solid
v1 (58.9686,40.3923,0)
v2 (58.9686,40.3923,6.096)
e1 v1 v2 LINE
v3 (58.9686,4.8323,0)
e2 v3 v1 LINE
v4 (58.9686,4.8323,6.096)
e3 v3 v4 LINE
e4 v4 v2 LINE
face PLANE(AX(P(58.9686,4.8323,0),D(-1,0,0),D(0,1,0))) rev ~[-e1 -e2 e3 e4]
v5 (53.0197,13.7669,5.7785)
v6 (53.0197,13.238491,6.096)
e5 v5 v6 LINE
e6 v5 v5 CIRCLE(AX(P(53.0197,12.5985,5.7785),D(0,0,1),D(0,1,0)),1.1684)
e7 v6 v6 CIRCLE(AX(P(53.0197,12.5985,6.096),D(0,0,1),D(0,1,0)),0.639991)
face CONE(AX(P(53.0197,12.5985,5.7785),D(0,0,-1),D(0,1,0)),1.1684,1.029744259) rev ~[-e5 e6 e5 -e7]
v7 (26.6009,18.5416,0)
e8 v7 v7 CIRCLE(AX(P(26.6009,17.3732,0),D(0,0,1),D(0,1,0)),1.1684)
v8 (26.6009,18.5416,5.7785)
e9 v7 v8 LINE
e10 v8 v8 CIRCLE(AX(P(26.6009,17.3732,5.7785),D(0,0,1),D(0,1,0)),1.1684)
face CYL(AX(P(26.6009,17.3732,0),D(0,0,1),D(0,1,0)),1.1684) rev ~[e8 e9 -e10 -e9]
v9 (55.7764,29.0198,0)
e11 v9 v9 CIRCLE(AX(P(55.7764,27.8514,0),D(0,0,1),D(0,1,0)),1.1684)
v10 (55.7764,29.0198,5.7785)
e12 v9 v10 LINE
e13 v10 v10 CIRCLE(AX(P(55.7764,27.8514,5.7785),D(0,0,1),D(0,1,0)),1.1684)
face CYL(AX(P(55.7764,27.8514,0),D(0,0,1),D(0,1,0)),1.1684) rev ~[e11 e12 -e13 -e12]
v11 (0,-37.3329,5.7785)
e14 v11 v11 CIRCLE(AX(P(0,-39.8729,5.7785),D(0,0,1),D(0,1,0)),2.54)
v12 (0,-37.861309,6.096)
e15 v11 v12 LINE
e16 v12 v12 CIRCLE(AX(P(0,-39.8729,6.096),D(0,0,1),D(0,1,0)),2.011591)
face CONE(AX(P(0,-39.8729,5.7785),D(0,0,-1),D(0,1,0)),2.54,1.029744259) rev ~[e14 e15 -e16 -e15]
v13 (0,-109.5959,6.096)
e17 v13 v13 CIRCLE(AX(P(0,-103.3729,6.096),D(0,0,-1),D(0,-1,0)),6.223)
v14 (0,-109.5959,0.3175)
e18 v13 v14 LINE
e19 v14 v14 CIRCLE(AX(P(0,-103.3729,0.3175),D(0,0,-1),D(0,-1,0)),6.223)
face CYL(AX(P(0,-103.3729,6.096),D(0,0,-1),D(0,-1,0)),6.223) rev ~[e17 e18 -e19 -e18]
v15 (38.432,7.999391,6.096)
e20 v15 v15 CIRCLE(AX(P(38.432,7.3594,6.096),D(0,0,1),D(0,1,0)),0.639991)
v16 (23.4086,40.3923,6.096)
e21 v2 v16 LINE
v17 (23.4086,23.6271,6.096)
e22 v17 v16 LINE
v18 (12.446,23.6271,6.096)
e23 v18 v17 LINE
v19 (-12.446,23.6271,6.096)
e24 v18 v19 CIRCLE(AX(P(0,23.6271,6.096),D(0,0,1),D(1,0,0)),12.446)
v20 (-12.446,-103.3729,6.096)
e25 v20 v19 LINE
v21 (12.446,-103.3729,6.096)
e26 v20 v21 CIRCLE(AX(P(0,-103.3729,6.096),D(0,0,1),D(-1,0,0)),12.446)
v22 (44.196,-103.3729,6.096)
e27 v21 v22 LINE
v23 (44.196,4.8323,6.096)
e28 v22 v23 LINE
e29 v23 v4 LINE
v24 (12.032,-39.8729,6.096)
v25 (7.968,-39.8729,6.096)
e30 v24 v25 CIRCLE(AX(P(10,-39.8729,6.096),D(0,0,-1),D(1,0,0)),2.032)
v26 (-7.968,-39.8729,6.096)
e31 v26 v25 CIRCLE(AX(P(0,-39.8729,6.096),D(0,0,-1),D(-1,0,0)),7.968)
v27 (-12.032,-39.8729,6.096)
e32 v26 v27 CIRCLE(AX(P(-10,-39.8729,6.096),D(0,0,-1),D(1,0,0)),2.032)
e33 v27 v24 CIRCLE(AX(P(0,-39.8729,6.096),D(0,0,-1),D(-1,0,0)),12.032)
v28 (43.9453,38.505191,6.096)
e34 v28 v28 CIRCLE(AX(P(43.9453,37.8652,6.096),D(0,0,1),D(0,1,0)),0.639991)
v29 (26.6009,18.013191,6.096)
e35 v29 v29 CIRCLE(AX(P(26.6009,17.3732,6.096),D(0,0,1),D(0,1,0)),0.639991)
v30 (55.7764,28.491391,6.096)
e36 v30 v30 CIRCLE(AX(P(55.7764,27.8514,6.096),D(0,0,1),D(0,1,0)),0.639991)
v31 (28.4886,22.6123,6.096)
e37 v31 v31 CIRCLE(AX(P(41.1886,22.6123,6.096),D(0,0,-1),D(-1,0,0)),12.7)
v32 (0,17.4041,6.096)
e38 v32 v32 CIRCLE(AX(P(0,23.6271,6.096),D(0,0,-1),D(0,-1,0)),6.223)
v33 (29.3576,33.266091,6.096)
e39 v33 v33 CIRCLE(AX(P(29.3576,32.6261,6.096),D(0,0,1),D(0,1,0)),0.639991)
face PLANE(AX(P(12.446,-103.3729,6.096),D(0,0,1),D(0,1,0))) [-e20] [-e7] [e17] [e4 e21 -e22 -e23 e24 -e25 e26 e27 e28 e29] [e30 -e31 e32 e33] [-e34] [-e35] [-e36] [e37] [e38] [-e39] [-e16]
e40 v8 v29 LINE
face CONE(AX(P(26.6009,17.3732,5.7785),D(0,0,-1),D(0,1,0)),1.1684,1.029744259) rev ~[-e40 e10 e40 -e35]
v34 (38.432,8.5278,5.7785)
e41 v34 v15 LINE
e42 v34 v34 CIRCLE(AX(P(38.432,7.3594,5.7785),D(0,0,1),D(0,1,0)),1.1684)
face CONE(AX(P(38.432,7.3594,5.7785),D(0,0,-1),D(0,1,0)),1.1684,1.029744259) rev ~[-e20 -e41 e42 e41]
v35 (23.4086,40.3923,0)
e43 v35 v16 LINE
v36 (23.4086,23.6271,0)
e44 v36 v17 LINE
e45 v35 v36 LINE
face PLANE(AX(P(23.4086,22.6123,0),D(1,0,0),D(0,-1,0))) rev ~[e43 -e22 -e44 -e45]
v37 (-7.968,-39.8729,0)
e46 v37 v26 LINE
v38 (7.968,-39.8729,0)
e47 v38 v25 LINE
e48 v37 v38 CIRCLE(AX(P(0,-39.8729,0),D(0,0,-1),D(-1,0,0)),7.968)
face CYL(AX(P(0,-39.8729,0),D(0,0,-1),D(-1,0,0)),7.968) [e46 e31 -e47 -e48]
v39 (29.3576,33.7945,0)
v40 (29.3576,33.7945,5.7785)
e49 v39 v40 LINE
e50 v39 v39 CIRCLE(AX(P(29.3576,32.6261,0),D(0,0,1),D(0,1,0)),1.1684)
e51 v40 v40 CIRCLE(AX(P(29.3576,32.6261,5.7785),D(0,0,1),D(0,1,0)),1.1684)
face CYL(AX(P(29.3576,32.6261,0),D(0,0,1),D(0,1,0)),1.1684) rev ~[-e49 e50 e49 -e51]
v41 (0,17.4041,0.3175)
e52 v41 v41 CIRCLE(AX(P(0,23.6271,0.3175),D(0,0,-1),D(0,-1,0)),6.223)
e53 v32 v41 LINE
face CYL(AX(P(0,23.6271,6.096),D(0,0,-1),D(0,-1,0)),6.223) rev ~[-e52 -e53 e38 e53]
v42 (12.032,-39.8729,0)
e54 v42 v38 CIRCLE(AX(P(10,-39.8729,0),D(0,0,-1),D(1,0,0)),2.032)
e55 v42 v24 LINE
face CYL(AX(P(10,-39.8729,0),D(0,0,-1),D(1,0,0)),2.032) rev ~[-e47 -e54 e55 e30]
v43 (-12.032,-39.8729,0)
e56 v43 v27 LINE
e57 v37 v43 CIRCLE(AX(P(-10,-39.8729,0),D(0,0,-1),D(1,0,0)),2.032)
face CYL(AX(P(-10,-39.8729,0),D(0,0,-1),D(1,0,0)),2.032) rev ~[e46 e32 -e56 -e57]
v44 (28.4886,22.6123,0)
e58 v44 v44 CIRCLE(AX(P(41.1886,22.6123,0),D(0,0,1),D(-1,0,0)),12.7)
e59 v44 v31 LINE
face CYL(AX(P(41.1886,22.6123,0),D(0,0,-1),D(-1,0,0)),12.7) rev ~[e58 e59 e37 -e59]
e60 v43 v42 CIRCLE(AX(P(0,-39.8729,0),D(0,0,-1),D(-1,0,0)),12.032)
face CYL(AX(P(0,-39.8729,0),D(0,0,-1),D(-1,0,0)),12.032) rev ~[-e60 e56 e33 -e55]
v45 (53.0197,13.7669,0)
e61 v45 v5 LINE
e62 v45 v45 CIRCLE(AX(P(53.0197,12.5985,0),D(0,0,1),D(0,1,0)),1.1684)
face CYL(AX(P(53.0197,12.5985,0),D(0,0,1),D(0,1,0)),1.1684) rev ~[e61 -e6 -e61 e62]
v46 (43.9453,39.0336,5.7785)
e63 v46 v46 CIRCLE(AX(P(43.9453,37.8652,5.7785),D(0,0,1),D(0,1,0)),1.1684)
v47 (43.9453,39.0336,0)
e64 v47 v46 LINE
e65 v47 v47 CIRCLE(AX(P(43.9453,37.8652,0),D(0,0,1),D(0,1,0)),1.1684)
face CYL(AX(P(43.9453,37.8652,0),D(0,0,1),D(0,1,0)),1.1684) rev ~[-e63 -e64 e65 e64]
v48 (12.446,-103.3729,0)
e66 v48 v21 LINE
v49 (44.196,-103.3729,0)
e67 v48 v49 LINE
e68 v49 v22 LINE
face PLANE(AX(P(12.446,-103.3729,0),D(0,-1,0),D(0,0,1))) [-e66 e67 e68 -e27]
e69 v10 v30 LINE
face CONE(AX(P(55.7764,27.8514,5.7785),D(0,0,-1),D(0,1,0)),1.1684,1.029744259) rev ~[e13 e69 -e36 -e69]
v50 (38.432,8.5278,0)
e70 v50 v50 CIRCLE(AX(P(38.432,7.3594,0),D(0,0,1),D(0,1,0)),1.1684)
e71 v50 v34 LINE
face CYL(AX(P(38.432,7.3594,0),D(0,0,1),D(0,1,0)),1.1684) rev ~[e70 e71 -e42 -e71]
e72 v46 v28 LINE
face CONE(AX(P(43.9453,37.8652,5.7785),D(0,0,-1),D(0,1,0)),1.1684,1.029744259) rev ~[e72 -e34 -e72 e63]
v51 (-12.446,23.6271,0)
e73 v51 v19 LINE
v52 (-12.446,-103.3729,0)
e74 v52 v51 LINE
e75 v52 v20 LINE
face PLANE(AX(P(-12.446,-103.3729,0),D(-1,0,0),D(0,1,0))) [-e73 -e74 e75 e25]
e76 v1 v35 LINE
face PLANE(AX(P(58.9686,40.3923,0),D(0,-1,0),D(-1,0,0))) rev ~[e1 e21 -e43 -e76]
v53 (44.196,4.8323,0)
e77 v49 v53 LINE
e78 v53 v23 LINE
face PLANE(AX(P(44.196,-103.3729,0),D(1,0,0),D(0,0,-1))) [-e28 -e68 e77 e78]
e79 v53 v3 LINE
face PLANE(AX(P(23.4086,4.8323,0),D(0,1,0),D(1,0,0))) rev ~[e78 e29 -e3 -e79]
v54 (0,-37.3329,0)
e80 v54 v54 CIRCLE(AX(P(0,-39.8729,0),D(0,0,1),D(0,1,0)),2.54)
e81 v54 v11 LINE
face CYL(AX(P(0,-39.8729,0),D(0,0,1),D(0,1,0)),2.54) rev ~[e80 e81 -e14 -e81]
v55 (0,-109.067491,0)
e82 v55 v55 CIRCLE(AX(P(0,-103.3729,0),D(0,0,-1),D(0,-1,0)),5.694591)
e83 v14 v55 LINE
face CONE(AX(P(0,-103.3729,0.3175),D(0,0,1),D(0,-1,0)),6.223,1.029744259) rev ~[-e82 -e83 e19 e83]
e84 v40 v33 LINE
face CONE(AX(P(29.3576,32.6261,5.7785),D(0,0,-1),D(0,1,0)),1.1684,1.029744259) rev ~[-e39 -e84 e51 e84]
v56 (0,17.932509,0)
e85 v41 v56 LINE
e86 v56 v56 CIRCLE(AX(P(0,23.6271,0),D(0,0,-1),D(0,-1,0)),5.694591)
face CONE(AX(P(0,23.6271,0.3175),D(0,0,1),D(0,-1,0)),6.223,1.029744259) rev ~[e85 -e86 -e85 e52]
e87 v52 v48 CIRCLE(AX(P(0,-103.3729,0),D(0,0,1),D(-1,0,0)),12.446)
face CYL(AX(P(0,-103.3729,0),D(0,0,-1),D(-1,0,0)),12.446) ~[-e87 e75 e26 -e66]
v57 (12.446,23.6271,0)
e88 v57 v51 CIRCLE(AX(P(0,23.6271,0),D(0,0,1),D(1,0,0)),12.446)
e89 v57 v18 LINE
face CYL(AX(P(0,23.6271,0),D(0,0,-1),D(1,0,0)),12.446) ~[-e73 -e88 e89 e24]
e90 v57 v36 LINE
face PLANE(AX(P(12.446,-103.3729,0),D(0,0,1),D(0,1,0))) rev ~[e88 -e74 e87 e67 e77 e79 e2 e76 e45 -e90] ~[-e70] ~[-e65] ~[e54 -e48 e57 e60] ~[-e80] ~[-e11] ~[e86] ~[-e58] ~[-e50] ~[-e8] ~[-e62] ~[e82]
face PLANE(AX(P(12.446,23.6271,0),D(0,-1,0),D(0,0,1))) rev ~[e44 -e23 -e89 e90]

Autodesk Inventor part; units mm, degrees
ref_plane "YZ Plane" through (0, 0, 0) normal (1, 0, 0) x (0, 1, 0)
ref_plane "XZ Plane" through (0, 0, 0) normal (0, 1, 0) x (-1, 0, 0)
ref_plane "XY Plane" through (0, 0, 0) normal (0, 0, 1) x (1, 0, 0)
sketch "Sketch1" plane through (0, 0, 0) normal (0, 0, 1) x (1, 0, 0)
  line L0 (0, -103.3729) -> (0, 23.6271) construction
  line L1 (-12.446, -103.3729) -> (-12.446, 23.6271)
  line L2 (12.446, 23.6271) -> (12.446, -103.3729)
  arc A0 (-12.446, -103.3729) -> (12.446, -103.3729) centre (0, -103.3729) ccw
  arc A1 (12.446, 23.6271) -> (-12.446, 23.6271) centre (0, 23.6271) ccw
  point P0 (0, 0)
  point P1 (0, -39.8729)
  dimension "d0" = 63.5
  dimension "d1" = 24.892
extrude "Extrusion1" add sketch "Sketch1" along normal blind 6.096
sketch "Sketch2" plane through (0, 0, 6.096) normal (0, 0, 1) x (1, 0, 0)
  line L0 (-12.446, 23.6271) -> (-12.446, -103.3729) projected
  arc A0 (-12.446, -103.3729) -> (12.446, -103.3729) centre (0, -103.3729) ccw projected
  line L1 (12.446, -103.3729) -> (12.446, 23.6271) projected
  arc A1 (12.446, 23.6271) -> (-12.446, 23.6271) centre (0, 23.6271) ccw projected
  point P0 (0, 0)
  point P1 (0, -39.8729)
hole "Hole1" at (0, 23.6271, 6.096) at (0, -103.3729, 6.096) direction (0, 0, -1) diameter 12.446 depth 5.7785 tip angle 118
hole "Hole2" at (0, -39.8729, 0) direction (0, 0, 1) diameter 5.08 depth 5.7785 tip angle 118
sketch "Sketch3" plane through (0, 0, 0) normal (0, 0, -1) x (-1, 0, 0)
  circle A0 centre (0, -39.8729) radius 2.0116 projected
  arc A1 (10, -39.8729) -> (-10, -39.8729) centre (0, -39.8729) ccw construction
  arc A2 (12.032, -39.8729) -> (-12.032, -39.8729) centre (0, -39.8729) ccw
  arc A3 (7.968, -39.8729) -> (-7.968, -39.8729) centre (0, -39.8729) ccw
  arc A4 (7.968, -39.8729) -> (12.032, -39.8729) centre (10, -39.8729) ccw
  arc A5 (-12.032, -39.8729) -> (-7.968, -39.8729) centre (-10, -39.8729) ccw
  point P0 (0, 0)
  dimension "d18" = 2.032
  dimension "d19" = 10
extrude "Extrusion2" cut sketch "Sketch3" against normal through all contours A4 A3 A5 A2
sketch "Sketch4" plane through (12.446, -103.3729, 0) normal (1, 0, 0) x (0, 0, -1)
  line L0 (0, 0) -> (0, 127) projected
  line L1 (0, 127) -> (-6.096, 127) projected
  line L2 (-6.096, 0) -> (-6.096, 127) projected
  line L3 (0, 0) -> (-6.096, 0) projected
  point P0 (0, 103.3729)
extrude "Extrusion3" add sketch "Sketch4" along normal blind 31.75
sketch "Sketch5" plane through (0, 0, 0) normal (0, 0, -1) x (-1, 0, 0)
  line L0 (-23.4086, 4.8323) -> (-58.9686, 4.8323)
  line L1 (-58.9686, 4.8323) -> (-58.9686, 40.3923)
  line L2 (-58.9686, 40.3923) -> (-23.4086, 40.3923)
  line L3 (-23.4086, 40.3923) -> (-23.4086, 4.8323)
  circle A0 centre (-41.1886, 22.6123) radius 12.7
  line L4 (8.5245, 22.6123) -> (-42.691, 22.6123)
  line L5 (-12.446, 23.6271) -> (-44.196, 23.6271) projected
  circle A1 centre (0, 23.6271) radius 5.6946 projected
  point P0 (0, 0)
  point P1 (-29.3576, 32.6261)
  point P2 (-43.9453, 37.8652)
  point P3 (-55.7764, 27.8514)
  point P4 (-53.0197, 12.5985)
  point P5 (-38.432, 7.3594)
  point P6 (-26.6009, 17.3732)
  point P7 (-47.5832, 13.0873)
  point P8 (-42.5032, 13.0873)
  point P9 (-28.4886, 22.6123)
  point P10 (-23.4086, 22.6123)
  dimension "d24" = 35.56
  dimension "d25" = 35.56
  dimension "d26" = 25.4
  dimension "d27" = 17.78
  dimension "d28" = 17.78
  dimension "d29" = 15.5
  dimension "d32" = 360
  dimension "d45" = 41.1886
extrude "Extrusion4" add sketch "Sketch5" against normal up to surface (6.096 mm away) contours L0 L1 L2 L3 L5 A0 L4 | L4 A0 L5 L3 | A0
extrude "Extrusion5" cut sketch "Sketch5" against normal through all contours A0
hole "Hole3" at (26.6009, 17.3732, 0) at (38.432, 7.3594, 0) at (53.0197, 12.5985, 0) at (55.7764, 27.8514, 0) at (43.9453, 37.8652, 0) at (29.3576, 32.6261, 0) direction (0, 0, 1) diameter 2.3368 depth 5.7785 tip angle 118
equation "\"d27\" = 0.5 * d25"
equation "\"d28\" = 0.5 * d24"
properties part number "new conveyor bar"
